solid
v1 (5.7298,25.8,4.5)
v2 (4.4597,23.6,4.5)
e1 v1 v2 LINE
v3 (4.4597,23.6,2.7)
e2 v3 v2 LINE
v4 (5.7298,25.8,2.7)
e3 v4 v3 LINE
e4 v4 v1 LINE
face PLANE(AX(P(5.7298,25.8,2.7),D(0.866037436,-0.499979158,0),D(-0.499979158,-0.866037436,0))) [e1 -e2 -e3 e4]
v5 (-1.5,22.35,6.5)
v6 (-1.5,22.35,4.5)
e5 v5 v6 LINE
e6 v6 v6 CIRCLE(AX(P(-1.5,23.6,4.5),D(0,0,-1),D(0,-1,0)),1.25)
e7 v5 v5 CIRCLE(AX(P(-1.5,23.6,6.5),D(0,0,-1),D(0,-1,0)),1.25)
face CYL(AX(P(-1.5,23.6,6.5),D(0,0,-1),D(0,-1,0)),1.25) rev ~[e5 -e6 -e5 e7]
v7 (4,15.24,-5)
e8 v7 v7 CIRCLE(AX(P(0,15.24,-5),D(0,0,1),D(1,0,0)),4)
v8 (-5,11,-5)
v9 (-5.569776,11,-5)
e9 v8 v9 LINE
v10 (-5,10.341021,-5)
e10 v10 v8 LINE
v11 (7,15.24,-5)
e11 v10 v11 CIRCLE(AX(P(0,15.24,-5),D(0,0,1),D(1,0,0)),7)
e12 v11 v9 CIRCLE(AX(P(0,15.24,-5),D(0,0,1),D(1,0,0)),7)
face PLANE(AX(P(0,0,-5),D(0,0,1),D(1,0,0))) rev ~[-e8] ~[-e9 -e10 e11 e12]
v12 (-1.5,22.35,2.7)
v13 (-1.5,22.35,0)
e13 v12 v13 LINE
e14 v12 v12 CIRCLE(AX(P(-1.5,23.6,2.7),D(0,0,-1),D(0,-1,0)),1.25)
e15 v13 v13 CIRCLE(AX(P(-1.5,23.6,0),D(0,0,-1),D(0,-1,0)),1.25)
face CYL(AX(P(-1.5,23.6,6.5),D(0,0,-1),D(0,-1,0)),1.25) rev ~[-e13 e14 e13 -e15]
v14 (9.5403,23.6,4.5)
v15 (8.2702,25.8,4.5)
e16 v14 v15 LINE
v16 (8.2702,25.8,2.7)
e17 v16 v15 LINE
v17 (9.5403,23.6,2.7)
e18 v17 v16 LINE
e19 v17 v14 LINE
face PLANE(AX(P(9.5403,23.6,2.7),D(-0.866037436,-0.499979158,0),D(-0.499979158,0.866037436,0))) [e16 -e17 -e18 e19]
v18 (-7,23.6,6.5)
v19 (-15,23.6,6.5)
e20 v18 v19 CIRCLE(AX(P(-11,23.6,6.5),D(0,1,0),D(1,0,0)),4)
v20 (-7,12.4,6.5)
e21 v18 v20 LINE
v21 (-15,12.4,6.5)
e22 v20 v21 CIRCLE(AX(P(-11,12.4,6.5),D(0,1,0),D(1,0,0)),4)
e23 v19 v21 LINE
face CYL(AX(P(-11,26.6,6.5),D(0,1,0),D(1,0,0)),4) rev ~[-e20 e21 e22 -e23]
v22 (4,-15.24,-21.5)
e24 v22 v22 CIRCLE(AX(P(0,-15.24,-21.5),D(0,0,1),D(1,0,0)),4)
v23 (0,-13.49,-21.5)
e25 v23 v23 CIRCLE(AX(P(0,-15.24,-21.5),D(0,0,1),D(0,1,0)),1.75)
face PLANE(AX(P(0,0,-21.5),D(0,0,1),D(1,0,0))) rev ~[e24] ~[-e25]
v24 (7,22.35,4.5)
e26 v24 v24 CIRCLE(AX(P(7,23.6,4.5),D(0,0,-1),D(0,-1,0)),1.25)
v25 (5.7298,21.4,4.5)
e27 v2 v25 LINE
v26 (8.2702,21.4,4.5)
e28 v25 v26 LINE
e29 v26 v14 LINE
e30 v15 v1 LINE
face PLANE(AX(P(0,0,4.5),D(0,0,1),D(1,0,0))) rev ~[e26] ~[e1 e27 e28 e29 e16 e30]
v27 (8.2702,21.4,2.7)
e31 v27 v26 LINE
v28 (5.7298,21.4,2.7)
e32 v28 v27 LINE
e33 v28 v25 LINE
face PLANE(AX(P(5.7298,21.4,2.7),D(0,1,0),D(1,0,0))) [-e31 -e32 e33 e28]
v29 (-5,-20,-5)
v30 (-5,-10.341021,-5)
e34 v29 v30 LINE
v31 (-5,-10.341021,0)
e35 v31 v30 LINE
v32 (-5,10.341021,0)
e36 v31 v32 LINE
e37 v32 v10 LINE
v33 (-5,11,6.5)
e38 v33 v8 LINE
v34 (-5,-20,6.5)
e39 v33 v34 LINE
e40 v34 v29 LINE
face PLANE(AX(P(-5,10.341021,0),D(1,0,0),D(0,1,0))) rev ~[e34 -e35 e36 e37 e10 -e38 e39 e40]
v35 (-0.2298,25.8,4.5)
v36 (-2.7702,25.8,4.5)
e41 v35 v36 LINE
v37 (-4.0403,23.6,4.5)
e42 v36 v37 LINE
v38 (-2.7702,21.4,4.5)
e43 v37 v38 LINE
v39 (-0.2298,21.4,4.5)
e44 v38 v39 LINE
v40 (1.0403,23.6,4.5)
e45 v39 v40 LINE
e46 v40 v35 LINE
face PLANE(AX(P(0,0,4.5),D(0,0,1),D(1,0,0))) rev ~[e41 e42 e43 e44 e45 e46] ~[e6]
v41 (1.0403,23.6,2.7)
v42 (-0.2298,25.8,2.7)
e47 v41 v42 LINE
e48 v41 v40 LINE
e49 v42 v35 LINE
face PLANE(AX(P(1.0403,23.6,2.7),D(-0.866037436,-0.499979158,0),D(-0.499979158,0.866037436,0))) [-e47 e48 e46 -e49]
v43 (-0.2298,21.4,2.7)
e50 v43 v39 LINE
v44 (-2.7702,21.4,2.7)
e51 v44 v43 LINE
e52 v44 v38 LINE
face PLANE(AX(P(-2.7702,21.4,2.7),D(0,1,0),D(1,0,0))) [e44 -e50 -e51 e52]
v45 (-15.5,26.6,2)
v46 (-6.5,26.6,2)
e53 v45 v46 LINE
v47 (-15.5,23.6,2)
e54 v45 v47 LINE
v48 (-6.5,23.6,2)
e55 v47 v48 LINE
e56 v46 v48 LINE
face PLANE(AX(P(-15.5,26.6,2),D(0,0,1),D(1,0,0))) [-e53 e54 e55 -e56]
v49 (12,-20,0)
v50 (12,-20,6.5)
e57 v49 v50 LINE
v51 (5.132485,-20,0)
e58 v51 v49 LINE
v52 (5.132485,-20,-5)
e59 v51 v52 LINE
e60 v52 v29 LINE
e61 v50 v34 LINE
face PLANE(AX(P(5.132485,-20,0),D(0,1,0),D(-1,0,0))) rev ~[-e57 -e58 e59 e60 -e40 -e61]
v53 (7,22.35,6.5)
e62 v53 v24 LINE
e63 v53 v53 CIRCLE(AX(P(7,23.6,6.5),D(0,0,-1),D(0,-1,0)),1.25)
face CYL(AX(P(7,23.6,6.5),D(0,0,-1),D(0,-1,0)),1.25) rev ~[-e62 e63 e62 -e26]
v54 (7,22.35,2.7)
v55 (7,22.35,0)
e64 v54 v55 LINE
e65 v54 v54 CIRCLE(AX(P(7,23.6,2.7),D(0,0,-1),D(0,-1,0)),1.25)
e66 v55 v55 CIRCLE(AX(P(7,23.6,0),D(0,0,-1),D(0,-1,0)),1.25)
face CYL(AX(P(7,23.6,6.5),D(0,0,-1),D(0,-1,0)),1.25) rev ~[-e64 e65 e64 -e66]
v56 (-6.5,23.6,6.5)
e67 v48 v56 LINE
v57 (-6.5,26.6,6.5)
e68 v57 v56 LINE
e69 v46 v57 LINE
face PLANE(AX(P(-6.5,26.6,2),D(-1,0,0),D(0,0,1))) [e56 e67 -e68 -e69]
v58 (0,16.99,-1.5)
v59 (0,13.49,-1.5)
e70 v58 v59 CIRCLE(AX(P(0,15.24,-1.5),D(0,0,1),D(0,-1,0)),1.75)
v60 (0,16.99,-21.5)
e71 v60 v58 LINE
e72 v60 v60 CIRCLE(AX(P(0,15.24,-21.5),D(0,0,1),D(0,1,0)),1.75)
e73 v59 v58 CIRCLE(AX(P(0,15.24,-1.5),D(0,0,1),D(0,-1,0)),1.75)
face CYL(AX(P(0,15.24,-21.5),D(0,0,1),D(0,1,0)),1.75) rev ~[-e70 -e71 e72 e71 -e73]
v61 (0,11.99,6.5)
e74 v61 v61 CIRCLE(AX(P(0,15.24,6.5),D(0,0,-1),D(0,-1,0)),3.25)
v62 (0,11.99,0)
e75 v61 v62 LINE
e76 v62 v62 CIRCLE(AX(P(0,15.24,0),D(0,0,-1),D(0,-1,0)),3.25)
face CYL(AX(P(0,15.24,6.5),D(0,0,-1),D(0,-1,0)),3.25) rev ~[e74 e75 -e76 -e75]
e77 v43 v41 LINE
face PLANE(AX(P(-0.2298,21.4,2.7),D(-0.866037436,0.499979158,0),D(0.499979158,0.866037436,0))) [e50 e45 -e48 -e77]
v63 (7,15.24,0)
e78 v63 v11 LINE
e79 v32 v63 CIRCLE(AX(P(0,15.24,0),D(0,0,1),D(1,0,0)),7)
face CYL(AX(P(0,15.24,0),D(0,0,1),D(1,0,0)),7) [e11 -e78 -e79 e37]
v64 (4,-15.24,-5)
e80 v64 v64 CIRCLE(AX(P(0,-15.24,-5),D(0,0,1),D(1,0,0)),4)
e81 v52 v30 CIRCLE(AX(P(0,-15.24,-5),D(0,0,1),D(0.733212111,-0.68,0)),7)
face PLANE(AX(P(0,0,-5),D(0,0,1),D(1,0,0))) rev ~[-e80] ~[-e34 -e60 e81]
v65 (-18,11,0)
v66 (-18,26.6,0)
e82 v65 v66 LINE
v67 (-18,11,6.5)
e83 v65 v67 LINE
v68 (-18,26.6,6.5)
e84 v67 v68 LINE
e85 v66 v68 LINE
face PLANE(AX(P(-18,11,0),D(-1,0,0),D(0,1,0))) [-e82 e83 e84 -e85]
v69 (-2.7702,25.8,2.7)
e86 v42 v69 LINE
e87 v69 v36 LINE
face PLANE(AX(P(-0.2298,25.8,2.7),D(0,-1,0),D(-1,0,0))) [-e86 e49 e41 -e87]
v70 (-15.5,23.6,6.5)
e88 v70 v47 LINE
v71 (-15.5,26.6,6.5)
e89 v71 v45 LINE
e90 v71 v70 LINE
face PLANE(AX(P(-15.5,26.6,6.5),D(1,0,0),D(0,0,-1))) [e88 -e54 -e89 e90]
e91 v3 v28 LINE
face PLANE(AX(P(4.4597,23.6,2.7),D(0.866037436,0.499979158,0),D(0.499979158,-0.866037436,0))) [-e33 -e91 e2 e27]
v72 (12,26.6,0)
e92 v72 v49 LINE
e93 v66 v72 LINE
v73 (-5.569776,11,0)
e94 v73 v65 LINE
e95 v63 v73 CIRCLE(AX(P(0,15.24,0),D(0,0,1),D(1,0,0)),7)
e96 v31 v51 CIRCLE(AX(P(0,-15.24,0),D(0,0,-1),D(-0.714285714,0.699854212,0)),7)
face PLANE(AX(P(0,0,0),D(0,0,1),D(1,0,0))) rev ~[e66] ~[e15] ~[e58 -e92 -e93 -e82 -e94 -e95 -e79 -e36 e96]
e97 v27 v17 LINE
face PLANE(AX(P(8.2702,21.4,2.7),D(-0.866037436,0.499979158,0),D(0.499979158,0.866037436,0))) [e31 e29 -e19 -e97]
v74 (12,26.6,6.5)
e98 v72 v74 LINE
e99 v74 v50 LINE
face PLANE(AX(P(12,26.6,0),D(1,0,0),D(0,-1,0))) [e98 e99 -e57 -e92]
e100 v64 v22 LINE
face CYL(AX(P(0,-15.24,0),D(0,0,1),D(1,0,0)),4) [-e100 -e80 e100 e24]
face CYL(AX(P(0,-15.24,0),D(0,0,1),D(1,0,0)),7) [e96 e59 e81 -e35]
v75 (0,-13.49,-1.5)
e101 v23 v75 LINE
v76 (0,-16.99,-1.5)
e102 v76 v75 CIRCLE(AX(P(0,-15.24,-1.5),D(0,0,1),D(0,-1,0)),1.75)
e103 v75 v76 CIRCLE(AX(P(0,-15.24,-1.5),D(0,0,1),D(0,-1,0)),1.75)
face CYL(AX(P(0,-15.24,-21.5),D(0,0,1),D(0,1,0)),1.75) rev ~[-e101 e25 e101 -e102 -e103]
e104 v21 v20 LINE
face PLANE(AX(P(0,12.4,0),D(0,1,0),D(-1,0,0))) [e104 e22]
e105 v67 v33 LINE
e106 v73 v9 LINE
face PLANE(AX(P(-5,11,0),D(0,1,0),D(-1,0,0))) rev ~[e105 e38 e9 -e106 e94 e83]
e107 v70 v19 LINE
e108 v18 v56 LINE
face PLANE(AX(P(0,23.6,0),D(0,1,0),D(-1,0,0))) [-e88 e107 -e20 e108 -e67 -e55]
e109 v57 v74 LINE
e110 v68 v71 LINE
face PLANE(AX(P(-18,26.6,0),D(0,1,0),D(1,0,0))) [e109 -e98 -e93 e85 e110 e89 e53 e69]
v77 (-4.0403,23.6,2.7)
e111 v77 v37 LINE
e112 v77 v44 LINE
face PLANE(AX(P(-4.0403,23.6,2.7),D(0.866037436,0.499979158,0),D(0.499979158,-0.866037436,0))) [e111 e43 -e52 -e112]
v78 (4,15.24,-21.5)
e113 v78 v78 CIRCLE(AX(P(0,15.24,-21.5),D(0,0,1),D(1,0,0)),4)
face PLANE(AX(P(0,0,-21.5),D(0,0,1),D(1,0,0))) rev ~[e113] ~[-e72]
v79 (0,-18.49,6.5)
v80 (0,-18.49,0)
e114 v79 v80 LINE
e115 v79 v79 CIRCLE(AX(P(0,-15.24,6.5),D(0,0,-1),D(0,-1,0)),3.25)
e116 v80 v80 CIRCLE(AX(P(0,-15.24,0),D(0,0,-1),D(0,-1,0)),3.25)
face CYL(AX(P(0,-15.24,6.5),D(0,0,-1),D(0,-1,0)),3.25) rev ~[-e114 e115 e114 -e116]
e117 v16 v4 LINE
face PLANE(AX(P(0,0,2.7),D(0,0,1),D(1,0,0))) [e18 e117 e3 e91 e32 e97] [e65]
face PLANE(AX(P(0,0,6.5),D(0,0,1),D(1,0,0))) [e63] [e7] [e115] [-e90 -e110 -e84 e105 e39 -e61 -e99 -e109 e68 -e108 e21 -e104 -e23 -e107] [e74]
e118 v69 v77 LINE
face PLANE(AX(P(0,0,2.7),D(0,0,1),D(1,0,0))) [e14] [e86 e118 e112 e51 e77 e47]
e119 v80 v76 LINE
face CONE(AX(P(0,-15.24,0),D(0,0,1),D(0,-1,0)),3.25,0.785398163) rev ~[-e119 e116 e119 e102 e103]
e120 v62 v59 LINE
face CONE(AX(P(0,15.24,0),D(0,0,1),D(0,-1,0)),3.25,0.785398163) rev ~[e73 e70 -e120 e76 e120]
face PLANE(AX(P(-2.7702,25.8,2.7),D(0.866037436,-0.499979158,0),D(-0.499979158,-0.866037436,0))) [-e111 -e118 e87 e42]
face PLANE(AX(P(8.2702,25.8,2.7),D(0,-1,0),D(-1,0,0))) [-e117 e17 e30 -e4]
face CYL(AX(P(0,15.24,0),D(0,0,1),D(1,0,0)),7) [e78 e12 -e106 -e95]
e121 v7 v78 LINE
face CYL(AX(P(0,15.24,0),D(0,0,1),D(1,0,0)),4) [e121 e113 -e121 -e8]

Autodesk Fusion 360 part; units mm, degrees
sketch "Skizze1" plane through (0, 0, 0) normal (0, 0, 1) x (1, 0, 0)
  line L0 (12, -20) -> (-18, -20)
  line L1 (-18, -20) -> (-18, 26.6)
  line L2 (-18, 26.6) -> (12, 26.6)
  line L3 (12, 26.6) -> (12, -20)
  line L4 (-36.0472, 15.24) -> (32.5304, 15.24) construction
  line L5 (-35.3146, -15.24) -> (27.6948, -15.24) construction
  circle A0 centre (0, 15.24) radius 4
  circle A1 centre (0, -15.24) radius 4
  line L6 (-5, -20) -> (-5, 11)
  line L7 (-5, 11) -> (-18, 11)
  circle A2 centre (0, 15.24) radius 7
  circle A3 centre (0, -15.24) radius 7
  line L8 (0, 19) -> (0, -24.3873) construction
  point P0 (0, 15.24)
  point P1 (0, -15.24)
  dimension "d3" = 20
  dimension "d4" = 26.6
  dimension "d5" = 12
  dimension "d6" = 18
  dimension "d7" = 15.24
  dimension "d8" = 15.24
  dimension "d9" = 8
  dimension "d10" = 8
  dimension "d45" = 13
  dimension "d46" = 31
  dimension "d47" = 14
  dimension "d48" = 14
extrude "Extrusion1" add sketch "Skizze1" along normal blind 6.5 contours L0 L1 L2 L3 L6 L7 A2 A3 | L0 L6 A3 | L6 L7 A2 | A0 | A1 picked at (-4.6667, -15.1937) picked at (-3.9058, 10.9235)
sketch "Skizze2" plane through (0, 26.6, 0) normal (0, 1, 0) x (-1, 0, 0)
  line L0 (-12, 0) -> (18, 0)
  line L1 (18, 0) -> (18, 6.5)
  line L2 (18, 6.5) -> (-12, 6.5)
  line L3 (-12, 6.5) -> (-12, 0)
  line L4 (11, 13.5) -> (11, -12.5) construction
  line L5 (6.5, 6.5) -> (15.5, 6.5)
  line L6 (15.5, 6.5) -> (15.5, 2)
  line L7 (15.5, 2) -> (6.5, 2)
  line L8 (6.5, 2) -> (6.5, 6.5)
  line L9 (7, 8.5) -> (7, -2.5) construction
  line L10 (15, 8.4924) -> (15, -3.3602) construction
  arc A0 (7, 6.5) -> (15, 6.5) centre (11, 6.5) ccw
  point P0 (7, 6.5)
  point P1 (7, 6.5)
  point P2 (11, 6.5)
  dimension "d13" = 7
  dimension "d14" = 4.5
  dimension "d15" = 4.5
  dimension "d16" = 4.5
  dimension "d17" = 4
  dimension "d18" = 4
extrude "Extrusion2" cut sketch "Skizze2" against normal blind 3 contours L2 L5 L6 L7 L8 A0
extrude "Extrusion3" cut sketch "Skizze2" against normal blind 14.2 contours L2 L5 A0
extrude "Extrusion6" add sketch "Skizze1" against normal blind 5 contours L0 L6 A3 picked at (-4.6667, -15.1937)
extrude "Extrusion7" add sketch "Skizze1" against normal blind 5 contours L6 L7 A2 picked at (-3.9058, 10.9235)
extrude "Extrusion4" add sketch "Skizze1" against normal blind 21.5 contours A0 | A1
sketch "Skizze3" plane through (0, 0, -21.5) normal (0, 0, -1) x (1, 0, 0)
  circle A0 centre (0, -15.24) radius 4
  line L0 (0, -27) -> (0, 23.61) construction
  line L1 (21.7334, -15.24) -> (-22.4317, -15.24) construction
  line L2 (22.3444, 15.24) -> (-24, 15.24) construction
  point P0 (0, -15.24)
  point P1 (0, 15.24)
  dimension "d25" = 15.24
  dimension "d26" = 15.24
hole "Bohrung1" at (0, 15.24, -21.5) at (0, -15.24, -21.5) direction (0, 0, 1) diameter 3.5 depth 30 tip angle 180
sketch "Skizze6" plane through (0, 0, 6.5) normal (0, 0, 1) x (-1, 0, 0)
  line L0 (15, -12.4) -> (15, -23.6)
  line L1 (15, -23.6) -> (15.5, -23.6)
  line L2 (15.5, -23.6) -> (15.5, -26.6)
  line L3 (15.5, -26.6) -> (18, -26.6)
  line L4 (18, -26.6) -> (18, -11)
  line L5 (18, -11) -> (5, -11)
  line L6 (5, -11) -> (5, 20)
  line L7 (5, 20) -> (-12, 20)
  line L8 (-12, 20) -> (-12, -26.6)
  line L9 (-12, -26.6) -> (6.5, -26.6)
  line L10 (6.5, -26.6) -> (6.5, -23.6)
  line L11 (6.5, -23.6) -> (7, -23.6)
  line L12 (7, -23.6) -> (7, -12.4)
  line L13 (7, -12.4) -> (15, -12.4)
  line L14 (22.7431, -15.24) -> (-23, -15.24) construction
  line L15 (16, 15.24) -> (-23, 15.24) construction
  line L16 (0, -29.9031) -> (0, 26.376) construction
  circle A0 centre (0, -15.24) radius 1.75
  circle A1 centre (0, 15.24) radius 1.75
  point P0 (0, -15.24)
  point P1 (0, 15.24)
  dimension "d53" = 15.24
  dimension "d54" = 15.24
hole "Bohrung3" at (0, 15.24, 6.5) at (0, -15.24, 6.5) direction (0, 0, -1) diameter 6.5 depth 6.5 tip angle 90
sketch "Skizze4" plane through (0, 0, 6.5) normal (0, 0, 1) x (-1, 0, 0)
  line L0 (15, -12.4) -> (15, -23.6)
  line L1 (15, -23.6) -> (15.5, -23.6)
  line L2 (15.5, -23.6) -> (15.5, -26.6)
  line L3 (15.5, -26.6) -> (18, -26.6)
  line L4 (18, -26.6) -> (18, -11)
  line L5 (5, 20) -> (-12, 20)
  line L6 (-12, 20) -> (-12, -26.6)
  line L7 (-12, -26.6) -> (6.5, -26.6)
  line L8 (6.5, -26.6) -> (6.5, -23.6)
  line L9 (6.5, -23.6) -> (7, -23.6)
  line L10 (7, -23.6) -> (7, -12.4)
  line L11 (7, -12.4) -> (15, -12.4)
  line L12 (-23.7996, -23.6) -> (40, -23.6) construction
  line L13 (-7, -34.5714) -> (-7, -14.6073) construction
  line L14 (1.5, -34.5334) -> (1.5, -15.6973) construction
  line L15 (-12, -26.6) -> (-12, 20)
  line L16 (18, -11) -> (5, -11)
  line L17 (5, -11) -> (5, 20)
  circle A0 centre (0, -15.24) radius 3.25
  circle A1 centre (0, 15.24) radius 3.25
  point P0 (-7, -23.6)
  point P1 (1.5, -23.6)
  dimension "d30" = 3
  dimension "d31" = 5
  dimension "d32" = 5
  dimension "d33" = 8.5
hole "Bohrung2" at (7, 23.6, 6.5) at (-1.5, 23.6, 6.5) direction (0, 0, -1) diameter 2.5 depth 8 tip angle 180
ref_plane "Arbeitsebene1" through (0, 0, 2.7) normal (0, 0, 1) x (1, 0, 0)
sketch "Skizze5" plane through (0, 0, 2.7) normal (0, 0, 1) x (1, 0, 0)
  line L0 (18, 23.6) -> (-21, 23.6) construction
  line L1 (-18, 26.6) -> (12, 26.6)
  line L2 (7, 19.6167) -> (7, 31.5736) construction
  line L3 (-1.5, 19.6924) -> (-1.5, 31.9243) construction
  line L4 (12, 26.6) -> (12, -20)
  line L5 (5.7298, 25.8) -> (4.4597, 23.6)
  line L6 (4.4597, 23.6) -> (5.7298, 21.4)
  line L7 (5.7298, 21.4) -> (8.2702, 21.4)
  line L8 (8.2702, 21.4) -> (9.5403, 23.6)
  line L9 (9.5403, 23.6) -> (8.2702, 25.8)
  line L10 (8.2702, 25.8) -> (5.7298, 25.8)
  line L11 (-2.7702, 25.8) -> (-4.0403, 23.6)
  line L12 (-4.0403, 23.6) -> (-2.7702, 21.4)
  line L13 (-2.7702, 21.4) -> (-0.2298, 21.4)
  line L14 (-0.2298, 21.4) -> (1.0403, 23.6)
  line L15 (1.0403, 23.6) -> (-0.2298, 25.8)
  line L16 (-0.2298, 25.8) -> (-2.7702, 25.8)
  point P0 (7, 23.6)
  point P1 (-1.5, 23.6)
  dimension "d38" = 3
  dimension "d39" = 5
  dimension "d40" = 8.5
  dimension "d41" = 4.4
  dimension "d42" = 4.4
extrude "Extrusion5" cut sketch "Skizze5" along normal blind 1.8
